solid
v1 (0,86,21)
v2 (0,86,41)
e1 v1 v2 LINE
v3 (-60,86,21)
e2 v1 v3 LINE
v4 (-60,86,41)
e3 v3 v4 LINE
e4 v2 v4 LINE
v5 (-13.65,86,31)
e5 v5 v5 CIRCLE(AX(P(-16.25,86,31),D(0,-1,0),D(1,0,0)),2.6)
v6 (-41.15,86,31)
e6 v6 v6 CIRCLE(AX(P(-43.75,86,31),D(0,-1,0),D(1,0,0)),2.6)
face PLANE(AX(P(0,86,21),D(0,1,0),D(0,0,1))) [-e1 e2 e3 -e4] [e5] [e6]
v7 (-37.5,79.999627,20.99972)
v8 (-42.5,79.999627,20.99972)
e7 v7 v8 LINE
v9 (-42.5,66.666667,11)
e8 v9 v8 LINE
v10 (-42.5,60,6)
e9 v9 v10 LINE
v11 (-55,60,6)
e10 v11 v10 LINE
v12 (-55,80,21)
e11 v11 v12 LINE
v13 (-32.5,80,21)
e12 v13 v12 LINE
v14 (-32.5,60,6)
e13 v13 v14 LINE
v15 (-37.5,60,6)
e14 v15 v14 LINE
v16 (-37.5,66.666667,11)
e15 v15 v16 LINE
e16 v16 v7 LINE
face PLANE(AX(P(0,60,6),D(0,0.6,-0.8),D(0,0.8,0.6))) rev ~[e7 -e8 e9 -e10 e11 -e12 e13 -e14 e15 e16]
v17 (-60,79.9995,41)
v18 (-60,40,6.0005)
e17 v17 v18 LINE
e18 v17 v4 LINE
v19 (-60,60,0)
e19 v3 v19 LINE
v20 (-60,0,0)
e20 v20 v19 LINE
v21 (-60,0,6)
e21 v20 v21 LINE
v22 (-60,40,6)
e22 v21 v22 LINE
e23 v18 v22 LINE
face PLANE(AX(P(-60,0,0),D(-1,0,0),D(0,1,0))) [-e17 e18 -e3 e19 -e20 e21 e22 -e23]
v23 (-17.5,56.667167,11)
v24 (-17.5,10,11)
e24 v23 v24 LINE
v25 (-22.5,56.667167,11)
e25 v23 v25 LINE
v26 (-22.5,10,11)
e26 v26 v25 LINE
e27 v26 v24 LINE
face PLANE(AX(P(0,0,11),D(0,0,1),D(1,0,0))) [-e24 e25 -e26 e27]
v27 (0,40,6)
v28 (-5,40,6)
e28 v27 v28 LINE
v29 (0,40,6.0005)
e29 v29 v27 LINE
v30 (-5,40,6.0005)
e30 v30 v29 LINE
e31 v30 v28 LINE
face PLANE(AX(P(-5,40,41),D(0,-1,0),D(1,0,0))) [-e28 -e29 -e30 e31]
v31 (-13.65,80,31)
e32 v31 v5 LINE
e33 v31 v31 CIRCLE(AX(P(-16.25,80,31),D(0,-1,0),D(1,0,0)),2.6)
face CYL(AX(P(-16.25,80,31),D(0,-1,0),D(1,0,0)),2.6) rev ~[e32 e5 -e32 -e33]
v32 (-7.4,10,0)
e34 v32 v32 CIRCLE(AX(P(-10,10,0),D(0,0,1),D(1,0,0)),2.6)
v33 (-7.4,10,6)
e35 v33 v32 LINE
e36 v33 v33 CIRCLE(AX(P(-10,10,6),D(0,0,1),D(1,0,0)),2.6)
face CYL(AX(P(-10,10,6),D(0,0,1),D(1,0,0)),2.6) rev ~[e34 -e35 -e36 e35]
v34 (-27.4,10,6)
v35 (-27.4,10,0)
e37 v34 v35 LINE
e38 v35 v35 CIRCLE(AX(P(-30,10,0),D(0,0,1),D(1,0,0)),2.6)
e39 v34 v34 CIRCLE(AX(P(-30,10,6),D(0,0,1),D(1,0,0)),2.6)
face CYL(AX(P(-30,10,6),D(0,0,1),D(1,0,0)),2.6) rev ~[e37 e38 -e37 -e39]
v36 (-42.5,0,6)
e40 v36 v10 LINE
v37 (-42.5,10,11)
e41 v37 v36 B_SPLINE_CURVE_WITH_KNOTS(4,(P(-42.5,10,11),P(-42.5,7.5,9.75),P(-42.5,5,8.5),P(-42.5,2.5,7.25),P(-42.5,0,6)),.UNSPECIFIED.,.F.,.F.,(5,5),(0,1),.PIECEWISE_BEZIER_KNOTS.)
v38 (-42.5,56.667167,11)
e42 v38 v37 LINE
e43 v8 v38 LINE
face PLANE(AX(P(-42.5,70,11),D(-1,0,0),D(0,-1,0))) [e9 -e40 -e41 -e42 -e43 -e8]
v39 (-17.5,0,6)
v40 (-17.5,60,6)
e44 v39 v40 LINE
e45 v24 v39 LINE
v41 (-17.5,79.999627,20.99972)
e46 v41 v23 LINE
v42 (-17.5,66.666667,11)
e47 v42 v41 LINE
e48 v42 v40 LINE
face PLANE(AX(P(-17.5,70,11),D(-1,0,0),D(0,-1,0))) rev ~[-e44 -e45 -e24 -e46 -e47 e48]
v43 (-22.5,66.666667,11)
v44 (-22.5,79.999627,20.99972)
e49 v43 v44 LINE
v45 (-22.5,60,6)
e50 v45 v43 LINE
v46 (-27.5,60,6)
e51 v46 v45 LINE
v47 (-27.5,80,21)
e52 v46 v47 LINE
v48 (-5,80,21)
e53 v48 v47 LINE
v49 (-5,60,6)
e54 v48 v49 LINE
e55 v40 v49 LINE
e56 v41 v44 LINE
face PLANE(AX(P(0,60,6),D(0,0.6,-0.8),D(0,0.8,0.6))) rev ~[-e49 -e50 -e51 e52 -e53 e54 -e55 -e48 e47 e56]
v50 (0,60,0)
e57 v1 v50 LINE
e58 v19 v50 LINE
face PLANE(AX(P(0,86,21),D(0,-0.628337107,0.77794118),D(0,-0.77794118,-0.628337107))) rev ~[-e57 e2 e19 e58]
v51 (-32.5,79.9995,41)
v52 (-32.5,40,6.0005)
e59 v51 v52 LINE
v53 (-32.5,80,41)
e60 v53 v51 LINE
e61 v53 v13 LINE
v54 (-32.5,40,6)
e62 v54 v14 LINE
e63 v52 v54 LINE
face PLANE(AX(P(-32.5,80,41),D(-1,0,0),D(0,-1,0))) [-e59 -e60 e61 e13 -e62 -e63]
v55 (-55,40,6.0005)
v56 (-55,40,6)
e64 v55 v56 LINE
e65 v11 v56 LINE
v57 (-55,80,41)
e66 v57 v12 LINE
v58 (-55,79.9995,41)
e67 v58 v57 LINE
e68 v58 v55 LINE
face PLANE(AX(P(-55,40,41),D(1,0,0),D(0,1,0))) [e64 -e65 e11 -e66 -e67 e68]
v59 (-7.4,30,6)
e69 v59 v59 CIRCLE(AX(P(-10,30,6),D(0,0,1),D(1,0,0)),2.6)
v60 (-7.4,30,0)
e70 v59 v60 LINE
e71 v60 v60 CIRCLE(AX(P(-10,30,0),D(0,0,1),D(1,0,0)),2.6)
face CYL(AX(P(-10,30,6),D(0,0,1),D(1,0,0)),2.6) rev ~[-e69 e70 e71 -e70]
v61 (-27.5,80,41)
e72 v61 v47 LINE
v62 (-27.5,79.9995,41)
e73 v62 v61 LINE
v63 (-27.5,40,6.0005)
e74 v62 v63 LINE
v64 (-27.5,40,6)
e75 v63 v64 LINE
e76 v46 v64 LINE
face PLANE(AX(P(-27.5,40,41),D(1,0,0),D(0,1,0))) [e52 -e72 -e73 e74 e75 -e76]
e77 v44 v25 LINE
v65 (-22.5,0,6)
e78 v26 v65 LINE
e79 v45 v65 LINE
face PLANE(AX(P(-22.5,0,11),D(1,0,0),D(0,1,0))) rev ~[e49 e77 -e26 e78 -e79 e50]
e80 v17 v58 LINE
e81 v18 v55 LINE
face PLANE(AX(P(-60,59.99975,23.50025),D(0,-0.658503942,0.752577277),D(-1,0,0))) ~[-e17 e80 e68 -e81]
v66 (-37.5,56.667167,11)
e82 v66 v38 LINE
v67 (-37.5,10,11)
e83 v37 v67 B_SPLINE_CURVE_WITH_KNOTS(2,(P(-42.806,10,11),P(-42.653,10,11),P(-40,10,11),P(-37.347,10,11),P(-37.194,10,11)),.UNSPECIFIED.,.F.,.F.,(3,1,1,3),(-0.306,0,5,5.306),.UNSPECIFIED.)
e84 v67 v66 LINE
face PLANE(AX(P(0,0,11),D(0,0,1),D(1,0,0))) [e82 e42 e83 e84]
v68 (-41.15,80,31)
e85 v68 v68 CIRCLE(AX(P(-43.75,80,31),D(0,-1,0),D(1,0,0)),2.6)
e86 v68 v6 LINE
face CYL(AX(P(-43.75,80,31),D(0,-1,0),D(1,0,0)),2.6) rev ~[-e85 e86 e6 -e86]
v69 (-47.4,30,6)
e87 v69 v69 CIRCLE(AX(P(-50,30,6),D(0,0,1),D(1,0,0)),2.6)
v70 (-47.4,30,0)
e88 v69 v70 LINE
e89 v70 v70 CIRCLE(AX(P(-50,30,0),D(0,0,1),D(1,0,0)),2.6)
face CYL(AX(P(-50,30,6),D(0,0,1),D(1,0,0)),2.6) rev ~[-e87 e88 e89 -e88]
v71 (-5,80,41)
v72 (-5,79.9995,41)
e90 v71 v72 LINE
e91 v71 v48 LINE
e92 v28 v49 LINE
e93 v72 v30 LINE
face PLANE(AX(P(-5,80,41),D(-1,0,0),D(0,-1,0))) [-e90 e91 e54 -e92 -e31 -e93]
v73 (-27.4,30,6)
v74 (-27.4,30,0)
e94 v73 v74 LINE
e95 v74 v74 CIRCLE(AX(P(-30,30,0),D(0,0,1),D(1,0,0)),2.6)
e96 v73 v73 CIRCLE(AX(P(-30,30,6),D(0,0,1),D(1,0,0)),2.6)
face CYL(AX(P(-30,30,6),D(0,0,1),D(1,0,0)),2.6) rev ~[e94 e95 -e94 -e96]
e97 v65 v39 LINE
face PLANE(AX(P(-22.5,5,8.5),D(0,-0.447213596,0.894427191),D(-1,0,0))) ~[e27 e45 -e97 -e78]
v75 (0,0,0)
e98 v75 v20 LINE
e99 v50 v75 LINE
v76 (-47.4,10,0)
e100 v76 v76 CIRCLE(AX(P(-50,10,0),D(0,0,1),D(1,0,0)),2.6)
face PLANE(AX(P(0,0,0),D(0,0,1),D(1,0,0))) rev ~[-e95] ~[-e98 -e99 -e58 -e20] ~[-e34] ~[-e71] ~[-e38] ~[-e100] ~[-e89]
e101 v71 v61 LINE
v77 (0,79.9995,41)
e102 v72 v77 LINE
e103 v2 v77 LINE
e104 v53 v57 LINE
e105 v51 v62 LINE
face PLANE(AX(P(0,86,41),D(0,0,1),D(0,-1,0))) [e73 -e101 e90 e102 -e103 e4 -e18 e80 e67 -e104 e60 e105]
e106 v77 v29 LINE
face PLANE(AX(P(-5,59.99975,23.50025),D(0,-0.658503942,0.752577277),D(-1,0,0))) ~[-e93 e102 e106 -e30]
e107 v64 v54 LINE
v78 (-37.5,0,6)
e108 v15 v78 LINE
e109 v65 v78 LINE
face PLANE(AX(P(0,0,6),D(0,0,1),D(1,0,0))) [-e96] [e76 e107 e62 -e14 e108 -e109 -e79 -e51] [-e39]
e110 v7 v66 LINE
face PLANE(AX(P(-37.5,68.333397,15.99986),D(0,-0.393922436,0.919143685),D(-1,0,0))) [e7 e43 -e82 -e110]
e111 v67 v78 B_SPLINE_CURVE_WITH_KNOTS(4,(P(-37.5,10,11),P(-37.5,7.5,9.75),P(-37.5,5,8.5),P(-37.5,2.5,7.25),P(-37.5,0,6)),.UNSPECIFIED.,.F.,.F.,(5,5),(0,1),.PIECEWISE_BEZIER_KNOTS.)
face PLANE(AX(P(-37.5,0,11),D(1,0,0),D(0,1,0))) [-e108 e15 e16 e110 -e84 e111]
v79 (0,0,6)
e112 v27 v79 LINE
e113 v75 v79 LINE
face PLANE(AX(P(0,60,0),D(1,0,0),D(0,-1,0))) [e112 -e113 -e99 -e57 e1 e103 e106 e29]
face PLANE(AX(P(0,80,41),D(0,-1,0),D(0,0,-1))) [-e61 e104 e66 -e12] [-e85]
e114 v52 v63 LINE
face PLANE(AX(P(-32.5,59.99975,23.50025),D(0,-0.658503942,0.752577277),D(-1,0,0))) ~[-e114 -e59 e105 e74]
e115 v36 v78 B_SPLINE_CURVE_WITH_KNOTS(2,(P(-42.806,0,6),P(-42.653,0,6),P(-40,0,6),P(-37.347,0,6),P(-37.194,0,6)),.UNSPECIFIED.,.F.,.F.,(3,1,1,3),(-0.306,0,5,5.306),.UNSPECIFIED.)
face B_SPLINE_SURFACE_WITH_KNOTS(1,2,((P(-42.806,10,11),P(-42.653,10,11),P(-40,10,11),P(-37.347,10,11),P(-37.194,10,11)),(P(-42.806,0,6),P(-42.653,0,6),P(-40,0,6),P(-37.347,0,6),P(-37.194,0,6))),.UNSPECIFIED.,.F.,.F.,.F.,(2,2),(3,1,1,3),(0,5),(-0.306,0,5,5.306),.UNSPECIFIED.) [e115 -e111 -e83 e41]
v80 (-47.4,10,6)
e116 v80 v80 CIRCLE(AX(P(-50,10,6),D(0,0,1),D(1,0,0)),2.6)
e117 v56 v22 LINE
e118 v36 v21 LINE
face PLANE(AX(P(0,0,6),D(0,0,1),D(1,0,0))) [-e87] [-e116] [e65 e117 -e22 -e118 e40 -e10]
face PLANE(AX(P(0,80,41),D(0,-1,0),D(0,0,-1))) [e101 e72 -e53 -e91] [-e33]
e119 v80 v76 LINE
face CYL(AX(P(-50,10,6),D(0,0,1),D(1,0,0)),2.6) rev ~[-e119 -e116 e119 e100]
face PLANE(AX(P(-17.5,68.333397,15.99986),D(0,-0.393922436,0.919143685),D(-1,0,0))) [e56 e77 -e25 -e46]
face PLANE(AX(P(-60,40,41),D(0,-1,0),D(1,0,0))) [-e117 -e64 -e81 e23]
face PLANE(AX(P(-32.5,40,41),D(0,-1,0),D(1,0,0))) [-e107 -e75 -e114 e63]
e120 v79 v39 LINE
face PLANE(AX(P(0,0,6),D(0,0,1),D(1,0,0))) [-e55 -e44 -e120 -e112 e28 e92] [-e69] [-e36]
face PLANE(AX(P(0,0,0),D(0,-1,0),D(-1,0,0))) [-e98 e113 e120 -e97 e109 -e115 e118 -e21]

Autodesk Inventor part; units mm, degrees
ref_plane "YZ Plane" through (0, 0, 0) normal (1, 0, 0) x (0, 1, 0)
ref_plane "XZ Plane" through (0, 0, 0) normal (0, 1, 0) x (-1, 0, 0)
sketch "Sketch1" plane through (0, 0, 0) normal (0, 0, 1) x (1, 0, 0)
  line L0 (0, 0) -> (-60, 0)
  line L1 (-60, 0) -> (-60, 60)
  line L2 (-60, 60) -> (0, 60)
  line L3 (0, 60) -> (0, 0)
  dimension "d0" = 60
  dimension "d1" = 60
extrude "Extrusion1" add sketch "Sketch1" along normal blind 6
sketch "Sketch2" plane through (0, 0, 6) normal (0, 0, 1) x (1, 0, 0)
  line L0 (0, 60) -> (-60, 60) projected
  line L1 (-60, 60) -> (-60, 0) projected
  line L2 (0, 60) -> (-60, 60)
  line L3 (-60, 60) -> (-60, 40)
  line L4 (-60, 40) -> (0, 40)
  line L5 (0, 40) -> (0, 60)
  line L6 (-60, 0) -> (0, 0) construction
  line L7 (-30, 0) -> (-30, 40) construction
  line L8 (-30, 20) -> (-30, 40) construction
  line L9 (-30, 20) -> (-30, 0) construction
  line L10 (-60, 30) -> (0, 30) construction
  line L11 (0, 0) -> (0, 60) construction
  line L12 (-60, 10) -> (0, 10) construction
  circle A0 centre (-50, 30) radius 2.6
  circle A1 centre (-30, 30) radius 2.6
  circle A2 centre (-10, 30) radius 2.6
  circle A3 centre (-50, 10) radius 2.6
  circle A4 centre (-30, 10) radius 2.6
  circle A5 centre (-10, 10) radius 2.6
  dimension "d4" = 20
  dimension "d5" = 5.2
  dimension "d6" = 5.2
  dimension "d7" = 5.2
  dimension "d8" = 5.2
  dimension "d9" = 5.2
  dimension "d10" = 5.2
  dimension "d11" = 20
  dimension "d12" = 20
  dimension "d13" = 20
  dimension "d14" = 20
  dimension "d15" = 20
extrude "Extrusion2" cut sketch "Sketch2" against normal up to next contours A0 | A1 | A2 | A3 | A4 | A5
sketch "Sketch3" plane through (0, 0, 0) normal (1, 0, 0) x (0, 0, -1)
  line L0 (0, 60) -> (0, 0) construction
  line L1 (0, 0) -> (0, 135.0487) construction
  line L2 (-21, 0) -> (-21, 135.0487) construction
  line L3 (-21, 86) -> (-41, 86)
  line L4 (-41, 86) -> (-41, 80)
  line L5 (-41, 80) -> (-21, 80)
  line L6 (-21, 80) -> (-21, 86)
  line L7 (0, 60) -> (-6, 60) projected
  line L8 (0, 60) -> (-6, 60) projected
  line L9 (-21, 86) -> (0, 60)
  line L10 (-6, 60) -> (-6, 0) projected
  line L11 (-6, 60) -> (-21, 80)
  dimension "d18" = 21
  dimension "d19" = 20
  dimension "d20" = 6
  dimension "d21" = 20
extrude "Extrusion3" add sketch "Sketch3" against normal up to surface (60 mm away)
sketch "Sketch4" plane through (0, 80, 41) normal (0, 0, 1) x (1, 0, 0)
  line L0 (0, 0) -> (-60, 0) projected
  line L1 (0, 0) -> (-5, 0)
  line L2 (-5, 0) -> (-5, -40)
  line L3 (-5, -40) -> (0, -40)
  line L4 (0, -40) -> (0, 0)
  circle A0 centre (-10, -50) radius 2.6 projected
  line L5 (-32.5, 0) -> (-32.5, -40)
  line L6 (-27.5, 0) -> (-32.5, 0)
  line L7 (-27.5, -40) -> (-27.5, 0)
  line L8 (-32.5, -40) -> (-27.5, -40)
  line L9 (-60, 0) -> (-60, -40)
  line L10 (-55, 0) -> (-60, 0)
  line L11 (-55, -40) -> (-55, 0)
  line L12 (-60, -40) -> (-55, -40)
  point P0 (0, -80)
  dimension "d24" = 5
  dimension "d25" = 10
  dimension "d28" = 27.5
extrude "Extrusion4" add sketch "Sketch4" against normal up to next contours L4 L3 L2 L0 | L11 L12 L9 L0 | L7 L8 L5 L0
chamfer "Chamfer1" distance 40 distance2 35 1 edges at (-2.5, 40, 41) measured on face at (-30.8333, 84, 41)
chamfer "Chamfer2" distance 40 distance2 35 1 edges at (-30, 40, 41) measured on face at (-30.8333, 84, 41)
chamfer "Chamfer3" distance 40 distance2 35 1 edges at (-57.5, 40, 41) measured on face at (-30.8333, 84, 41)
sketch "Sketch5" plane through (-55, 80, 21) normal (0, -1, 0) x (1, 0, 0)
  line L0 (-5, 0) -> (-5, 20) construction
  line L1 (-5, 10) -> (55, 10) construction
  line L2 (55, -15) -> (55, 20) construction
  circle A0 centre (11.25, 10) radius 2.6
  circle A1 centre (38.75, 10) radius 2.6
  line L3 (0, 20) -> (0, 0) projected
  line L4 (27.5, 20) -> (27.5, 0) projected
  point P0 (55, -21)
  dimension "d44" = 5.2
  dimension "d45" = 5.2
  dimension "d46" = 11.25
  dimension "d47" = 11.25
extrude "Extrusion5" cut sketch "Sketch5" against normal up to next
ref_plane "Work Plane1" through (0, 0, 11) normal (0, 0, 1) x (1, 0, 0)
sketch "Sketch7" plane through (0, 0, 11) normal (0, 0, 1) x (1, 0, 0)
  line L0 (-60, 0) -> (0, 0) projected
  line L1 (-17.5, 0) -> (-22.5, 0)
  line L2 (-22.5, 0) -> (-22.5, 70)
  line L3 (-22.5, 70) -> (-17.5, 70)
  line L4 (-17.5, 70) -> (-17.5, 0)
  circle A0 centre (-10, 30) radius 2.6 projected
  line L5 (-30, 0) -> (-30, 54.0913) construction
  line L6 (-42.5, 0) -> (-37.5, 0)
  line L7 (-37.5, 0) -> (-37.5, 70)
  line L8 (-37.5, 70) -> (-42.5, 70)
  line L9 (-42.5, 70) -> (-42.5, 0)
  dimension "d68" = 5
  dimension "d69" = 70
  dimension "d70" = 7.5
extrude "Extrusion7" add sketch "Sketch7" against normal up to next contours L9 L8 L7 L0 | L2 L3 L4 L0
chamfer "Chamfer8" distance 10 distance2 5 1 edges at (-20, 0, 11) measured on face at (-19.1667, 22.2222, 11)
chamfer "Chamfer9" distance 10 distance2 5 1 edges at (-40, 0, 11) measured on face at (-39.1667, 22.2222, 11)
chamfer "Chamfer10" distance 16.6667 distance2 10 1 edges at (-40, 66.6667, 11) measured on face at (-43.3333, 75.5556, 17.6667)
chamfer "Chamfer11" distance 16.6667 distance2 10 1 edges at (-20, 66.6667, 11) measured on face at (-16.6667, 75.5556, 17.6667)
equation "\"d6\" = d5"
equation "\"d7\" = d5"
equation "\"d8\" = d5"
equation "\"d9\" = d5"
equation "\"d10\" = d5"
equation "\"d47\" = d46"
properties part number "X Axis Drag Chain Support Mount"
